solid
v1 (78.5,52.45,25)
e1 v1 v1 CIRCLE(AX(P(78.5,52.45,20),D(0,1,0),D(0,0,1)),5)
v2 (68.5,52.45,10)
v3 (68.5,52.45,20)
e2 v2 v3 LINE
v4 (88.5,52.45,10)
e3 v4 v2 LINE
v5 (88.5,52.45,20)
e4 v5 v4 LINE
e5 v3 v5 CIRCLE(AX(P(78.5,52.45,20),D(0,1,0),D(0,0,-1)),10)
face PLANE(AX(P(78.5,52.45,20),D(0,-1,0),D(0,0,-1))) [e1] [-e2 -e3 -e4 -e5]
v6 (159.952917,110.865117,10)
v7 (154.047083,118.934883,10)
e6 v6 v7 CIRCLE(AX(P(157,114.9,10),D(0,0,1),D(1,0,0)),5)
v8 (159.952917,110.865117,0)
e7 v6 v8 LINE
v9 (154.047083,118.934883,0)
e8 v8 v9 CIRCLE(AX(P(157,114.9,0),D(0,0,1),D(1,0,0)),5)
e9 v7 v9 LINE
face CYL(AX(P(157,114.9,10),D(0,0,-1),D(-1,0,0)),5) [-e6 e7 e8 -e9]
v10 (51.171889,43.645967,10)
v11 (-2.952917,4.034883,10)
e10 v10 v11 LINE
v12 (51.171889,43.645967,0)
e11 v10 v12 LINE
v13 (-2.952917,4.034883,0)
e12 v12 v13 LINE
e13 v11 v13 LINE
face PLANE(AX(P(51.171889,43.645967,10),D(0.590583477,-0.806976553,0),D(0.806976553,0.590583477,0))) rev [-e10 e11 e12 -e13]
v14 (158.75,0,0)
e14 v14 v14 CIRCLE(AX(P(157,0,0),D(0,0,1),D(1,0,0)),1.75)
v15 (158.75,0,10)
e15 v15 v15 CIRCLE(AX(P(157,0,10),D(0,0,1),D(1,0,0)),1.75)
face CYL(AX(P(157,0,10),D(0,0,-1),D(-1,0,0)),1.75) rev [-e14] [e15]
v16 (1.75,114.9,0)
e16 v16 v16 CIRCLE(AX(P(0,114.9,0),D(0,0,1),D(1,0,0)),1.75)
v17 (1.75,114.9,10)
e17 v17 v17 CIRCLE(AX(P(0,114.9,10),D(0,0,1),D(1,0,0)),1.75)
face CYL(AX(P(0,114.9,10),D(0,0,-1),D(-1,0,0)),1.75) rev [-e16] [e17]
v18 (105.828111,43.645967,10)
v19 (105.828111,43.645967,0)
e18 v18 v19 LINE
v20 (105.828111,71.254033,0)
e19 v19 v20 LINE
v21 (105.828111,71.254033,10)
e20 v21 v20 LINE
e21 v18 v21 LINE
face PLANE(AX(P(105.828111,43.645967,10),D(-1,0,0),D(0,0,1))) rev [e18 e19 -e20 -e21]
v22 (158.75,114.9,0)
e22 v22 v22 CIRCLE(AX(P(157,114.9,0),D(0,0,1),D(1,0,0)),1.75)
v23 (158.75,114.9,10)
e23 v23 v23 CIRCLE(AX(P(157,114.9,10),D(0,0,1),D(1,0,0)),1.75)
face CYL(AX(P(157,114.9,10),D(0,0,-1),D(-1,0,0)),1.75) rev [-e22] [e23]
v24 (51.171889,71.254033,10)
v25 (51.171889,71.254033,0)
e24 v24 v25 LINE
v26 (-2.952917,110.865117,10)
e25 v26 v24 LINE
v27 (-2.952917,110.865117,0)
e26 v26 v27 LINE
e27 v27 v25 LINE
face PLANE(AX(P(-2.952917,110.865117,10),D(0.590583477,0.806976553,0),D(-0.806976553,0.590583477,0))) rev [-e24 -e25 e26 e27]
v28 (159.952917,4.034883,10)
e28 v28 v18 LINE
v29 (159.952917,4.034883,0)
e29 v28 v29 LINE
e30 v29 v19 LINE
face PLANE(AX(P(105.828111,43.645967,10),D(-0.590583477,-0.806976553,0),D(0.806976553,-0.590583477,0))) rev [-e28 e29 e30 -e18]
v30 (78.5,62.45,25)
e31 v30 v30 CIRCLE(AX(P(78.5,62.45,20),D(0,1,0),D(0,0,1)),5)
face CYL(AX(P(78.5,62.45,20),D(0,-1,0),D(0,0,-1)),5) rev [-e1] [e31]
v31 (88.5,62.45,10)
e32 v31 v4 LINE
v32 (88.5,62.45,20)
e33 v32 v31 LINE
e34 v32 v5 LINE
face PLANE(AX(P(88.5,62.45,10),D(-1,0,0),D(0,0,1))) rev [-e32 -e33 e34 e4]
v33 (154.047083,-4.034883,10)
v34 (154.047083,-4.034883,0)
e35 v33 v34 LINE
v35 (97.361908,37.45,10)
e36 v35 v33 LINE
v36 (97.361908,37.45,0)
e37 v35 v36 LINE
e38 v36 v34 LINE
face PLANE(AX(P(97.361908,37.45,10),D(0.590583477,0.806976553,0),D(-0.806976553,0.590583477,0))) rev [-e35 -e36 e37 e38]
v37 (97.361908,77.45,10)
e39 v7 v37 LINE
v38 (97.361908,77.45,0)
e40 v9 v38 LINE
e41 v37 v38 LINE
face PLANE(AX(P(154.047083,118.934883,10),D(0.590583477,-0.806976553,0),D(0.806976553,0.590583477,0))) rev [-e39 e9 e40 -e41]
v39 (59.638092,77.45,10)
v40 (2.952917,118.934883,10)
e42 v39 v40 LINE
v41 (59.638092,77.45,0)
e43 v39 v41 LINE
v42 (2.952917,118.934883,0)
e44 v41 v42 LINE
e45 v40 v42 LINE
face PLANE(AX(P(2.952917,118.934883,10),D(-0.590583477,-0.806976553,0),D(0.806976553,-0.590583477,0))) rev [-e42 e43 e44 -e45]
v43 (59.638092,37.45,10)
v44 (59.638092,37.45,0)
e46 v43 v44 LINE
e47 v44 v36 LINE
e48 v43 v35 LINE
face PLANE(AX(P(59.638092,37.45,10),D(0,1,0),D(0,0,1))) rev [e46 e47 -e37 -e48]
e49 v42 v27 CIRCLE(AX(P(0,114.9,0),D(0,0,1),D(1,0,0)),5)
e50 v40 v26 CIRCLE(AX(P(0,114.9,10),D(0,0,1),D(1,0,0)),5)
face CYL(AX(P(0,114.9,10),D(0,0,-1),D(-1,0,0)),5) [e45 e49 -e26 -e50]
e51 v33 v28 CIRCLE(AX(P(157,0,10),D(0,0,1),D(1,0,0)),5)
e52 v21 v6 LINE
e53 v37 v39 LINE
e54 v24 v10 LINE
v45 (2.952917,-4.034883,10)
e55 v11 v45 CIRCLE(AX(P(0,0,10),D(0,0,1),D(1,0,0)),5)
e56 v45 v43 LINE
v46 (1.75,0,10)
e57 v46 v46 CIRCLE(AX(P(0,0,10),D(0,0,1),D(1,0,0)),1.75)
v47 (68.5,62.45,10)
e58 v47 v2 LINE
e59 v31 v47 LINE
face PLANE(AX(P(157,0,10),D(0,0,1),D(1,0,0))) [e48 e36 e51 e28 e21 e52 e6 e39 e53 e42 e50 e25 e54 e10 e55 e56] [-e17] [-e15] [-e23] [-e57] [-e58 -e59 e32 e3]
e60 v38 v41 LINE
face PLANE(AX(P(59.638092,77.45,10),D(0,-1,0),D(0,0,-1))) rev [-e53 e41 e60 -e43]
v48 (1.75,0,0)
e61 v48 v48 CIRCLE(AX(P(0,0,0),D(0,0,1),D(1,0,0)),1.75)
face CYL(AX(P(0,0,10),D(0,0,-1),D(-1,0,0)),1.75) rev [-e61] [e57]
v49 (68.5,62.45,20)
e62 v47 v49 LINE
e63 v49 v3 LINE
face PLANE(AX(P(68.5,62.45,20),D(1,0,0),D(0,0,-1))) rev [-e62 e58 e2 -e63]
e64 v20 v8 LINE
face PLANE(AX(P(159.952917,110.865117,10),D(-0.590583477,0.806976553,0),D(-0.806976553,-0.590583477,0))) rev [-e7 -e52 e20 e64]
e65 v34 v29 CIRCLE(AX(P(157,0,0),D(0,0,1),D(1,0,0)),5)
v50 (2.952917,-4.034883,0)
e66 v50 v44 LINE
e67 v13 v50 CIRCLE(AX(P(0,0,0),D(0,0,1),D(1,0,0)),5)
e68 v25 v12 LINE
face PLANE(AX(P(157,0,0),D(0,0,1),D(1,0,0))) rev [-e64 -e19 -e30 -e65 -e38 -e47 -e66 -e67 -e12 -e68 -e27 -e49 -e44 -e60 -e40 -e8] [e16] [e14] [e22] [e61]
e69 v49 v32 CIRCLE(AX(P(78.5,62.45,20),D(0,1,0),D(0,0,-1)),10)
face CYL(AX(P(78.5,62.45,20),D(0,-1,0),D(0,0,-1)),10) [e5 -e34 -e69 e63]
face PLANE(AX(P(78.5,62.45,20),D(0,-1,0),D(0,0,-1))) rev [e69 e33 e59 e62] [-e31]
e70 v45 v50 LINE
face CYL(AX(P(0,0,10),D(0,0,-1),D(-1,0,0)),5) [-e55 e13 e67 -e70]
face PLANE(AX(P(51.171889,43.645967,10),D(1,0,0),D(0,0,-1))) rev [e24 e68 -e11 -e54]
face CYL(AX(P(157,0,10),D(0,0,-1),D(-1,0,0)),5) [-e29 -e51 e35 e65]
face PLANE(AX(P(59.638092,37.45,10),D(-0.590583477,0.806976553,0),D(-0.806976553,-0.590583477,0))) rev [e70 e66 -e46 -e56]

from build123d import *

# Parameters (mm, degrees)
ESQUISSE1_R        = 1.75
BOSS_EXTRU_1_DEPTH = 10
BOSS_EXTRU_3_START = 15
ESQUISSE4_R        = 5
BOSS_EXTRU_3_DEPTH = 10


with BuildPart() as part:
    # Esquisse1 → Boss.-Extru.1 (new body)
    with BuildSketch(Plane.XY):
        with BuildLine():
            Line((-2.952917385, 110.865117237), (51.171888599, 71.254033112))
            Line((51.171888599, 71.254033112), (51.171888599, 43.645966888))
            Line((51.171888599, 43.645966888), (-2.952917385, 4.034882763))
            ThreePointArc((-2.952917385, 4.034882763), (-4.034882763, -2.952917385), (2.952917385, -4.034882763))
            Line((2.952917385, -4.034882763), (59.638092267, 37.45))
            Line((59.638092267, 37.45), (97.361907733, 37.45))
            Line((97.361907733, 37.45), (154.047082615, -4.034882763))
            ThreePointArc((154.047082615, -4.034882763), (161.034882763, -2.952917385), (159.952917385, 4.034882763))
            Line((159.952917385, 4.034882763), (105.828111401, 43.645966888))
            Line((105.828111401, 43.645966888), (105.828111401, 71.254033112))
            Line((105.828111401, 71.254033112), (159.952917385, 110.865117237))
            ThreePointArc((159.952917385, 110.865117237), (161.034882763, 117.852917385), (154.047082615, 118.934882763))
            Line((154.047082615, 118.934882763), (97.361907733, 77.45))
            Line((97.361907733, 77.45), (59.638092267, 77.45))
            Line((59.638092267, 77.45), (2.952917385, 118.934882763))
            ThreePointArc((2.952917385, 118.934882763), (-4.034882763, 117.852917385), (-2.952917385, 110.865117237))
        make_face()
        Circle(ESQUISSE1_R, mode=Mode.SUBTRACT)
        with Locations((0, 114.9)):
            Circle(ESQUISSE1_R, mode=Mode.SUBTRACT)
        with Locations((157, 0)):
            Circle(ESQUISSE1_R, mode=Mode.SUBTRACT)
        with Locations((157, 114.9)):
            Circle(ESQUISSE1_R, mode=Mode.SUBTRACT)
    extrude(amount=BOSS_EXTRU_1_DEPTH)

    # Esquisse4 → Boss.-Extru.3 (add)
    with BuildSketch(Plane(origin=(0, 37.45, 123.316242038), x_dir=(1, 0, 0), z_dir=(0, 1, 0)).offset(BOSS_EXTRU_3_START)):
        with BuildLine():
            Line((88.5, 113.316242038), (88.5, 103.316242038))
            ThreePointArc((88.5, 103.316242038), (78.5, 93.316242038), (68.5, 103.316242038))
            Line((68.5, 103.316242038), (68.5, 113.316242038))
            Line((68.5, 113.316242038), (88.5, 113.316242038))
        make_face()
        with Locations((78.5, 103.316242038)):
            Circle(ESQUISSE4_R, mode=Mode.SUBTRACT)
    extrude(amount=BOSS_EXTRU_3_DEPTH)


solid = part.part
